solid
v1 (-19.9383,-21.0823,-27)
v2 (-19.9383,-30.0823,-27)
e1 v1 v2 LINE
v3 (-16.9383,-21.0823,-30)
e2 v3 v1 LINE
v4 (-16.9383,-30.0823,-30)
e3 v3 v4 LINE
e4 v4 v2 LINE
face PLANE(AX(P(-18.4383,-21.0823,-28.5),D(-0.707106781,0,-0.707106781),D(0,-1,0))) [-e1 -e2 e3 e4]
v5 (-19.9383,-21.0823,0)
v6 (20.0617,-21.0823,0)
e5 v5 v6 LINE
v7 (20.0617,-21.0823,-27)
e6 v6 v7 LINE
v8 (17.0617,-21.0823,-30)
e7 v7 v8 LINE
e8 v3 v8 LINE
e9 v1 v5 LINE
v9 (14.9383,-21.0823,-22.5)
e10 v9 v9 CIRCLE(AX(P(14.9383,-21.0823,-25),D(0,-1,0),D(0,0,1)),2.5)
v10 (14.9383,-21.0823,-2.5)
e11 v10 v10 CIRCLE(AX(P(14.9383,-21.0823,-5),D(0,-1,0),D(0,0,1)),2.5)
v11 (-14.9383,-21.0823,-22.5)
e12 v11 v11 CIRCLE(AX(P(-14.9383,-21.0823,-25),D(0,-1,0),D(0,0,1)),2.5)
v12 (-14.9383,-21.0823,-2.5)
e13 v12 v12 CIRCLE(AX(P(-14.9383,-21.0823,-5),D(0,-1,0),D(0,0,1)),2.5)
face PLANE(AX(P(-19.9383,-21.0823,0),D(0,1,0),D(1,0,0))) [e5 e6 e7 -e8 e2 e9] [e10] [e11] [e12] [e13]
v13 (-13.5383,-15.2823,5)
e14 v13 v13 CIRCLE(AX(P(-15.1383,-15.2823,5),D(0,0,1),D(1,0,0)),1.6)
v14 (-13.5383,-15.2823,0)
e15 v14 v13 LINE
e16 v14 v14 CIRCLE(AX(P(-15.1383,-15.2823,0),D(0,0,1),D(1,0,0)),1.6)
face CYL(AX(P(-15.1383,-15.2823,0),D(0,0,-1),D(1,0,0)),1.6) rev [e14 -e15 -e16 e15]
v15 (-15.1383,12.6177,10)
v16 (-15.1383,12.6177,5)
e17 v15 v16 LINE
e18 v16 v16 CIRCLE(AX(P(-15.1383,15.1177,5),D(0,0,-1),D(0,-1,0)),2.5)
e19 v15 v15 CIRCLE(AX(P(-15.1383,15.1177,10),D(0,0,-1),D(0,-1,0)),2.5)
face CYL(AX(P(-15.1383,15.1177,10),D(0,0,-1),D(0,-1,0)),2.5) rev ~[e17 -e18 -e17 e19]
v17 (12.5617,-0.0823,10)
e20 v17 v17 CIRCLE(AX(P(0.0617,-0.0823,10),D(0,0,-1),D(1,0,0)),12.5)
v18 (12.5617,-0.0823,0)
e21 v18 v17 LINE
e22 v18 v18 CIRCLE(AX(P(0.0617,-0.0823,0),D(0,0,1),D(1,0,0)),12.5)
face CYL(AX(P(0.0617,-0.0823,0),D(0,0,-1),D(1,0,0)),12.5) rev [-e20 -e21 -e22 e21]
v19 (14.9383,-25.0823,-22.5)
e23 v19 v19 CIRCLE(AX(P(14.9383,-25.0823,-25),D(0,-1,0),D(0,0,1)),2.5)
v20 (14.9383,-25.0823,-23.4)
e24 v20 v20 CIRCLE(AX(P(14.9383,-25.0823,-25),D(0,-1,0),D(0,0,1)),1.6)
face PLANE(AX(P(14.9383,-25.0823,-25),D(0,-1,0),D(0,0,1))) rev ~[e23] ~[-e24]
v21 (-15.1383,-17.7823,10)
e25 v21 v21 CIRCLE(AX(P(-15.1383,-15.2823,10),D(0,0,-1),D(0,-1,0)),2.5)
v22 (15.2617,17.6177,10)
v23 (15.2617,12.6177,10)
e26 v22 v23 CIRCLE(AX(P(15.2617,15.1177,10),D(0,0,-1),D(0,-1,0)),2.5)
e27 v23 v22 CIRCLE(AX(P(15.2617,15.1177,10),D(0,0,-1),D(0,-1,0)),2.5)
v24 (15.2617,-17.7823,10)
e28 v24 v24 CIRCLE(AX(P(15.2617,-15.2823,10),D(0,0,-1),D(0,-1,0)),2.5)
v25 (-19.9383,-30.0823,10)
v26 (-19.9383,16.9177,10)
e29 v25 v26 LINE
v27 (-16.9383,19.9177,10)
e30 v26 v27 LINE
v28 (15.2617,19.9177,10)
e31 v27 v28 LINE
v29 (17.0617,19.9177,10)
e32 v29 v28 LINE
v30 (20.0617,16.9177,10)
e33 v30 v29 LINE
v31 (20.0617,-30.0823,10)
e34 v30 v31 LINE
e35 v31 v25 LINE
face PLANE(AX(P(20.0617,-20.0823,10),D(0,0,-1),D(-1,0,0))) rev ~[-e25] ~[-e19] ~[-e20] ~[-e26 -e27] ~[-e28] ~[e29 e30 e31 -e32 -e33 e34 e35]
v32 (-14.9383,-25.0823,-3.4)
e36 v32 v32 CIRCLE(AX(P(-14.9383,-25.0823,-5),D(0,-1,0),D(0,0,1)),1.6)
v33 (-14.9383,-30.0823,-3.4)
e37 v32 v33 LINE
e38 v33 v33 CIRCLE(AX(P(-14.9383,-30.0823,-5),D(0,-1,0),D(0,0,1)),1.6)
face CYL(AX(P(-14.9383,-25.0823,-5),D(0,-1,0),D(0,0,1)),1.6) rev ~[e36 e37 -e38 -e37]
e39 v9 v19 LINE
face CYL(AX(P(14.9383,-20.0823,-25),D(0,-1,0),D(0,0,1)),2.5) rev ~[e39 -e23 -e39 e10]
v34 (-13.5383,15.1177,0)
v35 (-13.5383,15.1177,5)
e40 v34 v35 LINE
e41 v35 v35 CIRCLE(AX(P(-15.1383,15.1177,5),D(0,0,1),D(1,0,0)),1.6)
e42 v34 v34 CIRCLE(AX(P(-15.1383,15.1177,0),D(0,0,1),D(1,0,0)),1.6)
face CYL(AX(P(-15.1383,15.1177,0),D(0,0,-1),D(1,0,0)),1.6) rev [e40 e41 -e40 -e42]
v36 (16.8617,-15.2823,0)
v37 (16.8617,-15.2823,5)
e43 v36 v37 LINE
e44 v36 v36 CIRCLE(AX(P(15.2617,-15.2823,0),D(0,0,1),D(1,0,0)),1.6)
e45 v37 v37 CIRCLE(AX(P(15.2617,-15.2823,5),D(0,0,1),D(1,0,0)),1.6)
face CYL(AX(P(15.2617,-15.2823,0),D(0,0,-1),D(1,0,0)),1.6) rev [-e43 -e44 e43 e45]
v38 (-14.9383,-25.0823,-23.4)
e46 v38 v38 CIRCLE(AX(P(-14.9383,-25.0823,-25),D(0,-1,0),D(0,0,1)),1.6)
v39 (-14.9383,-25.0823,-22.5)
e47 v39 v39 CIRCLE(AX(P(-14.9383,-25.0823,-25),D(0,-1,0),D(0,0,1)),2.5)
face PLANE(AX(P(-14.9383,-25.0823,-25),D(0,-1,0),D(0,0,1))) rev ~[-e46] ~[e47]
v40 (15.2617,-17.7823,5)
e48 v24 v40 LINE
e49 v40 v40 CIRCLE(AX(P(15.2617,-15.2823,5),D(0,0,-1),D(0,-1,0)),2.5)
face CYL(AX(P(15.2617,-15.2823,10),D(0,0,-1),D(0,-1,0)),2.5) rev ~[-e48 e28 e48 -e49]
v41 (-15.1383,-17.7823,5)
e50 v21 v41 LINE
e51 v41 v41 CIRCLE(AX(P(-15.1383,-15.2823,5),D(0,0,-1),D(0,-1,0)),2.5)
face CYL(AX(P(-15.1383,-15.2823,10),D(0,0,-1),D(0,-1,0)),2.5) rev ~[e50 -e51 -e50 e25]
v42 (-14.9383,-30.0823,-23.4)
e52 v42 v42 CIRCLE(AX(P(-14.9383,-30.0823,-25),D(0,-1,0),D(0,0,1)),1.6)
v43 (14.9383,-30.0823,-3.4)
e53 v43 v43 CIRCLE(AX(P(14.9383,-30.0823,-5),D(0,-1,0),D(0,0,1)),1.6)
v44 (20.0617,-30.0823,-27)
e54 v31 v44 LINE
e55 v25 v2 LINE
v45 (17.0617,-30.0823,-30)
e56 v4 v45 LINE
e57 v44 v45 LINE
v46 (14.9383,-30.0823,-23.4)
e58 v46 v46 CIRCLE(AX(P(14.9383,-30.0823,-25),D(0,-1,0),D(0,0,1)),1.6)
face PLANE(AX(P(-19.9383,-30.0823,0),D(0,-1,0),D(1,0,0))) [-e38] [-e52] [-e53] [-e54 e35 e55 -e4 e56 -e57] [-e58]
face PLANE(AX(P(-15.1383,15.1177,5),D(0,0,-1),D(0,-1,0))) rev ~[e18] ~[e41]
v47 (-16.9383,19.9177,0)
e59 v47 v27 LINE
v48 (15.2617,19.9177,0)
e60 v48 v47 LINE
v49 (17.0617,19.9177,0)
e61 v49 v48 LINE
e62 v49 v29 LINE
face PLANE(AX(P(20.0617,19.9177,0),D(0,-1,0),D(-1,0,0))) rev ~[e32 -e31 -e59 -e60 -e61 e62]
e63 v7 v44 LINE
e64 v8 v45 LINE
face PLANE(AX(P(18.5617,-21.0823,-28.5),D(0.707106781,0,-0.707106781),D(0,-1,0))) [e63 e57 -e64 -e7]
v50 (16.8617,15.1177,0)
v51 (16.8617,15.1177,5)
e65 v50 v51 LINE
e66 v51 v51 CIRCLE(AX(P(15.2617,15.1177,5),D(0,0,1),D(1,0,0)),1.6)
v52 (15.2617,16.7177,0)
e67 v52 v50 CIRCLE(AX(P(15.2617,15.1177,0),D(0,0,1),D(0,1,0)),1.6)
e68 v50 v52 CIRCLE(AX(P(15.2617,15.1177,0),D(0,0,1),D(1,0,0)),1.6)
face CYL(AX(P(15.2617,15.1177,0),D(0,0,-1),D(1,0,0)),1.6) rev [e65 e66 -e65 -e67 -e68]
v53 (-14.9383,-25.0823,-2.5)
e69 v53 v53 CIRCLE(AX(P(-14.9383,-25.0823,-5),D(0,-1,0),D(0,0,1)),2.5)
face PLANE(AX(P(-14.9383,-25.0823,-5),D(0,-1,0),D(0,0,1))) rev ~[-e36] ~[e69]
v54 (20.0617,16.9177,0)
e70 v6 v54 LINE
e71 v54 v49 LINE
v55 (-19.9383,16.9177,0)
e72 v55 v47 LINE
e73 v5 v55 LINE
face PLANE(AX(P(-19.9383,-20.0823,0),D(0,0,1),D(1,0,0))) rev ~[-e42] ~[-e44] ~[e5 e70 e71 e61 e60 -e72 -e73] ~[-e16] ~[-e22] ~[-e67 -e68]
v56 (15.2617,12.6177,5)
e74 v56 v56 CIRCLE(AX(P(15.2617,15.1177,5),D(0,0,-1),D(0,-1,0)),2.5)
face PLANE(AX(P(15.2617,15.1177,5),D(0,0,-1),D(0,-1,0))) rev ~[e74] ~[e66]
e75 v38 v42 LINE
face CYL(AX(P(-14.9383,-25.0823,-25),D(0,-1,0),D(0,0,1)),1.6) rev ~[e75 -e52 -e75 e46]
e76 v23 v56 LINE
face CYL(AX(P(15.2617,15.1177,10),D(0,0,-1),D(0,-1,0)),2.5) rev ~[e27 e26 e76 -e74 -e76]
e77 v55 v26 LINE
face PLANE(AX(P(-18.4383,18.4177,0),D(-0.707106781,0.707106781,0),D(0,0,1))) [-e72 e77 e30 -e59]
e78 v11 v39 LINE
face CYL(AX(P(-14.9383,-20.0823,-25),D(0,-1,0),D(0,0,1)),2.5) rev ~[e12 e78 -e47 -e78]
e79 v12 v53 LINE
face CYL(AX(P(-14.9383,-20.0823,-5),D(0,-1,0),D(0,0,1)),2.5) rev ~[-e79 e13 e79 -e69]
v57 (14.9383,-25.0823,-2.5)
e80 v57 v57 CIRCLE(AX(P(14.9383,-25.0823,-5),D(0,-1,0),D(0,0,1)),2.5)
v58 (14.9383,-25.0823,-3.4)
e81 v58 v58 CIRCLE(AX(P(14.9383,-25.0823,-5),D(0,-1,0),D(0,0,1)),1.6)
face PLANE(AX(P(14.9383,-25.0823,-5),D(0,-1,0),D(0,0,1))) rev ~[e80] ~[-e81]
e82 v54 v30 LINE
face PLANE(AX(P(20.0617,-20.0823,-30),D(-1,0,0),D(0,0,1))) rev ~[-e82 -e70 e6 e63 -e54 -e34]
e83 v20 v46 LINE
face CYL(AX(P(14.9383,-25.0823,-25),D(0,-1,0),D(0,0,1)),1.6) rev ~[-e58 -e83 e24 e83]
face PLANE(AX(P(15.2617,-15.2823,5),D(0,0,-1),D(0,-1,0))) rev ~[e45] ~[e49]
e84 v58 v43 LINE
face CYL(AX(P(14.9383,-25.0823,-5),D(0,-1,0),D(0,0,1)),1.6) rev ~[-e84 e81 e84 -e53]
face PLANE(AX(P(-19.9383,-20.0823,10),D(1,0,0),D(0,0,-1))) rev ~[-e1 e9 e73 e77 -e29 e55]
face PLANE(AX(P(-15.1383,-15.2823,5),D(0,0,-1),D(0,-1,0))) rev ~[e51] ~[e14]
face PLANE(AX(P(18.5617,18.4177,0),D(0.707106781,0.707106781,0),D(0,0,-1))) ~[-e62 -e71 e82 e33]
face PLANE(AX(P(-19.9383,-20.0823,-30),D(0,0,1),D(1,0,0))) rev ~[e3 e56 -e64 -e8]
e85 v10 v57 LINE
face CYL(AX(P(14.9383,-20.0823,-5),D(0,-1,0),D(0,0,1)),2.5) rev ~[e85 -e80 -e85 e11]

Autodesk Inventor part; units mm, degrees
ref_plane "YZ Plane" through (0, 0, 0) normal (1, 0, 0) x (0, 1, 0)
ref_plane "XZ Plane" through (0, 0, 0) normal (0, 1, 0) x (-1, 0, 0)
ref_plane "XY Plane" through (0, 0, 0) normal (0, 0, 1) x (1, 0, 0)
sketch "Sketch1" plane through (0, 0, 0) normal (0, 0, 1) x (1, 0, 0)
  line L0 (20.0617, 19.9177) -> (20.0617, -20.0823)
  line L1 (20.0617, -20.0823) -> (-19.9383, -20.0823)
  line L2 (-19.9383, -20.0823) -> (-19.9383, 19.9177)
  line L3 (20.0617, 19.9177) -> (-19.9383, 19.9177)
  line L4 (-19.9383, 29.9177) -> (-19.9383, -30.0823)
  line L5 (15.2617, 19.9177) -> (15.2617, 15.1177)
  line L6 (15.2617, 19.9177) -> (20.0617, 19.9177) construction
  circle A0 centre (15.2617, 15.1177) radius 1.6
  line L7 (-19.9383, -0.0823) -> (20.0617, -0.0823)
  line L8 (0.0617, -20.0823) -> (0.0617, 19.9177)
  circle A1 centre (15.2617, -15.2823) radius 1.6
  circle A2 centre (-15.1383, -15.2823) radius 1.6
  circle A3 centre (-15.1383, 15.1177) radius 1.6
  arc A4 (10.0617, 7.4177) -> (10.0617, -7.5823) centre (0.0617, -0.0823) ccw
  line L9 (-12.4383, -0.0823) -> (2.0617, -0.0823)
  circle A5 centre (0.0617, -0.0823) radius 12.5
  point P0 (0, 0)
  dimension "d0" = 40
  dimension "d1" = 40
  dimension "d2" = 4.8
  dimension "d3" = 90
  dimension "d4" = 4.8
  dimension "d5" = 3.2
  dimension "d6" = 25
  dimension "d7" = 20
  dimension "d8" = 4.8
  dimension "d9" = 3.2
  dimension "d10" = 25
  dimension "d11" = 40
  dimension "d12" = 40
extrude "Extrusion1" add sketch "Sketch1" along normal blind 10 contours L0 L7 A5 A4 L8 L3 | L0 L1 L8 A4 A5 L7 | L8 A4 L7 L2 L3 | L1 L2 L7 A4 L8
sketch "Sketch2" plane through (-19.9383, -20.0823, 0) normal (0, -1, 0) x (1, 0, 0)
  line L0 (40, 0) -> (40, 10) projected
  line L1 (40, 10) -> (0, 10)
  line L2 (0, 10) -> (0, -30)
  line L3 (0, -30) -> (40, -30)
  line L4 (40, -30) -> (40, 10)
  point P0 (19.9383, 0)
  dimension "d15" = 40
  dimension "d21" = 40
extrude "Extrusion2" add sketch "Sketch2" along normal blind 10
chamfer "Chamfer1" distance 3 angle 45 2 edges at (-19.9383, 19.9177, 5) (20.0617, 19.9177, 5)
sketch "Sketch3" plane through (-19.9383, -20.0823, 0) normal (0, 1, 0) x (1, 0, 0)
  line L0 (0, 0) -> (0, 30) projected
  line L1 (0, 0) -> (5, 0)
  line L2 (5, 0) -> (5, 5)
  line L3 (5, 5) -> (0, 5)
  line L4 (0, 5) -> (0, 0)
  circle A0 centre (5, 5) radius 1.6
  line L5 (19.9383, 0) -> (19.9383, 30)
  line L6 (0, 15) -> (41.8735, 15)
  circle A1 centre (5, 25) radius 1.6
  circle A2 centre (34.8766, 5) radius 1.6
  circle A3 centre (34.8766, 25) radius 1.6
  dimension "d22" = 5
  dimension "d23" = 5
  dimension "d24" = 3.2
hole "Hole1" at (-14.9383, -20.0823, -25) at (14.9383, -20.0823, -25) at (14.9383, -20.0823, -5) at (-14.9383, -20.0823, -5) direction (0, -1, 0) diameter 3.2 end through all counterbore diameter 5 counterbore depth 5
sketch "Sketch4" plane through (0, 0, 10) normal (0, 0, 1) x (1, 0, 0)
  circle A0 centre (-15.1383, 15.1177) radius 1.6 projected
  line L0 (0, 0) -> (-15.1383, 0)
  line L1 (-15.1383, 0) -> (-15.1383, 15.1177)
  line L2 (-15.1383, 15.1177) -> (0, 15.1177)
  line L3 (0, 15.1177) -> (0, 0)
  circle A1 centre (15.2617, -15.2823) radius 1.6 projected
  line L4 (-15.1383, 15.1177) -> (15.2617, 15.1177)
  line L5 (15.2617, 15.1177) -> (15.2617, -15.2823)
  line L6 (15.2617, -15.2823) -> (-15.1383, -15.2823)
  line L7 (-15.1383, -15.2823) -> (-15.1383, 15.1177)
  circle A2 centre (-15.1383, 15.1177) radius 1.6
  circle A3 centre (15.2617, 15.1177) radius 1.6 projected
  circle A4 centre (15.2617, 15.1177) radius 1.6
  circle A5 centre (15.2617, -15.2823) radius 1.6
  circle A6 centre (-15.1383, -15.2823) radius 1.6
hole "Hole2" at (-15.1383, 15.1177, 10) at (15.2617, 15.1177, 10) at (15.2617, -15.2823, 10) at (-15.1383, -15.2823, 10) direction (0, 0, -1) diameter 3.2 end through all counterbore diameter 5 counterbore depth 5
sketch "Sketch5" plane through (-19.9383, -30.0823, 0) normal (0, -1, 0) x (1, 0, 0)
  circle A0 centre (5, -25) radius 1.6 projected
  circle A1 centre (34.8766, -25) radius 1.6 projected
  circle A2 centre (34.8766, -5) radius 1.6 projected
  point P0 (19.9383, 0)
  dimension "d39" = 26.6766
  dimension "d40" = 29.8766
  dimension "d41" = 20
sketch "Sketch6" plane through (-19.9383, -20.0823, 0) normal (0, 1, 0) x (1, 0, 0)
  line L0 (0, 0) -> (40, 0) projected
  line L1 (0, 30) -> (40, 30) projected
  line L2 (0, 0) -> (40, 0)
  line L3 (40, 0) -> (40, 30)
  line L4 (40, 30) -> (0, 30)
  line L5 (0, 30) -> (0, 0)
  point P0 (19.9383, 0)
extrude "Extrusion3" cut sketch "Sketch6" against normal blind 1
chamfer "Chamfer2" distance 3 angle 45 2 edges at (20.0617, -25.5823, -30) (-19.9383, -25.5823, -30)
properties part number "MotorMount"
